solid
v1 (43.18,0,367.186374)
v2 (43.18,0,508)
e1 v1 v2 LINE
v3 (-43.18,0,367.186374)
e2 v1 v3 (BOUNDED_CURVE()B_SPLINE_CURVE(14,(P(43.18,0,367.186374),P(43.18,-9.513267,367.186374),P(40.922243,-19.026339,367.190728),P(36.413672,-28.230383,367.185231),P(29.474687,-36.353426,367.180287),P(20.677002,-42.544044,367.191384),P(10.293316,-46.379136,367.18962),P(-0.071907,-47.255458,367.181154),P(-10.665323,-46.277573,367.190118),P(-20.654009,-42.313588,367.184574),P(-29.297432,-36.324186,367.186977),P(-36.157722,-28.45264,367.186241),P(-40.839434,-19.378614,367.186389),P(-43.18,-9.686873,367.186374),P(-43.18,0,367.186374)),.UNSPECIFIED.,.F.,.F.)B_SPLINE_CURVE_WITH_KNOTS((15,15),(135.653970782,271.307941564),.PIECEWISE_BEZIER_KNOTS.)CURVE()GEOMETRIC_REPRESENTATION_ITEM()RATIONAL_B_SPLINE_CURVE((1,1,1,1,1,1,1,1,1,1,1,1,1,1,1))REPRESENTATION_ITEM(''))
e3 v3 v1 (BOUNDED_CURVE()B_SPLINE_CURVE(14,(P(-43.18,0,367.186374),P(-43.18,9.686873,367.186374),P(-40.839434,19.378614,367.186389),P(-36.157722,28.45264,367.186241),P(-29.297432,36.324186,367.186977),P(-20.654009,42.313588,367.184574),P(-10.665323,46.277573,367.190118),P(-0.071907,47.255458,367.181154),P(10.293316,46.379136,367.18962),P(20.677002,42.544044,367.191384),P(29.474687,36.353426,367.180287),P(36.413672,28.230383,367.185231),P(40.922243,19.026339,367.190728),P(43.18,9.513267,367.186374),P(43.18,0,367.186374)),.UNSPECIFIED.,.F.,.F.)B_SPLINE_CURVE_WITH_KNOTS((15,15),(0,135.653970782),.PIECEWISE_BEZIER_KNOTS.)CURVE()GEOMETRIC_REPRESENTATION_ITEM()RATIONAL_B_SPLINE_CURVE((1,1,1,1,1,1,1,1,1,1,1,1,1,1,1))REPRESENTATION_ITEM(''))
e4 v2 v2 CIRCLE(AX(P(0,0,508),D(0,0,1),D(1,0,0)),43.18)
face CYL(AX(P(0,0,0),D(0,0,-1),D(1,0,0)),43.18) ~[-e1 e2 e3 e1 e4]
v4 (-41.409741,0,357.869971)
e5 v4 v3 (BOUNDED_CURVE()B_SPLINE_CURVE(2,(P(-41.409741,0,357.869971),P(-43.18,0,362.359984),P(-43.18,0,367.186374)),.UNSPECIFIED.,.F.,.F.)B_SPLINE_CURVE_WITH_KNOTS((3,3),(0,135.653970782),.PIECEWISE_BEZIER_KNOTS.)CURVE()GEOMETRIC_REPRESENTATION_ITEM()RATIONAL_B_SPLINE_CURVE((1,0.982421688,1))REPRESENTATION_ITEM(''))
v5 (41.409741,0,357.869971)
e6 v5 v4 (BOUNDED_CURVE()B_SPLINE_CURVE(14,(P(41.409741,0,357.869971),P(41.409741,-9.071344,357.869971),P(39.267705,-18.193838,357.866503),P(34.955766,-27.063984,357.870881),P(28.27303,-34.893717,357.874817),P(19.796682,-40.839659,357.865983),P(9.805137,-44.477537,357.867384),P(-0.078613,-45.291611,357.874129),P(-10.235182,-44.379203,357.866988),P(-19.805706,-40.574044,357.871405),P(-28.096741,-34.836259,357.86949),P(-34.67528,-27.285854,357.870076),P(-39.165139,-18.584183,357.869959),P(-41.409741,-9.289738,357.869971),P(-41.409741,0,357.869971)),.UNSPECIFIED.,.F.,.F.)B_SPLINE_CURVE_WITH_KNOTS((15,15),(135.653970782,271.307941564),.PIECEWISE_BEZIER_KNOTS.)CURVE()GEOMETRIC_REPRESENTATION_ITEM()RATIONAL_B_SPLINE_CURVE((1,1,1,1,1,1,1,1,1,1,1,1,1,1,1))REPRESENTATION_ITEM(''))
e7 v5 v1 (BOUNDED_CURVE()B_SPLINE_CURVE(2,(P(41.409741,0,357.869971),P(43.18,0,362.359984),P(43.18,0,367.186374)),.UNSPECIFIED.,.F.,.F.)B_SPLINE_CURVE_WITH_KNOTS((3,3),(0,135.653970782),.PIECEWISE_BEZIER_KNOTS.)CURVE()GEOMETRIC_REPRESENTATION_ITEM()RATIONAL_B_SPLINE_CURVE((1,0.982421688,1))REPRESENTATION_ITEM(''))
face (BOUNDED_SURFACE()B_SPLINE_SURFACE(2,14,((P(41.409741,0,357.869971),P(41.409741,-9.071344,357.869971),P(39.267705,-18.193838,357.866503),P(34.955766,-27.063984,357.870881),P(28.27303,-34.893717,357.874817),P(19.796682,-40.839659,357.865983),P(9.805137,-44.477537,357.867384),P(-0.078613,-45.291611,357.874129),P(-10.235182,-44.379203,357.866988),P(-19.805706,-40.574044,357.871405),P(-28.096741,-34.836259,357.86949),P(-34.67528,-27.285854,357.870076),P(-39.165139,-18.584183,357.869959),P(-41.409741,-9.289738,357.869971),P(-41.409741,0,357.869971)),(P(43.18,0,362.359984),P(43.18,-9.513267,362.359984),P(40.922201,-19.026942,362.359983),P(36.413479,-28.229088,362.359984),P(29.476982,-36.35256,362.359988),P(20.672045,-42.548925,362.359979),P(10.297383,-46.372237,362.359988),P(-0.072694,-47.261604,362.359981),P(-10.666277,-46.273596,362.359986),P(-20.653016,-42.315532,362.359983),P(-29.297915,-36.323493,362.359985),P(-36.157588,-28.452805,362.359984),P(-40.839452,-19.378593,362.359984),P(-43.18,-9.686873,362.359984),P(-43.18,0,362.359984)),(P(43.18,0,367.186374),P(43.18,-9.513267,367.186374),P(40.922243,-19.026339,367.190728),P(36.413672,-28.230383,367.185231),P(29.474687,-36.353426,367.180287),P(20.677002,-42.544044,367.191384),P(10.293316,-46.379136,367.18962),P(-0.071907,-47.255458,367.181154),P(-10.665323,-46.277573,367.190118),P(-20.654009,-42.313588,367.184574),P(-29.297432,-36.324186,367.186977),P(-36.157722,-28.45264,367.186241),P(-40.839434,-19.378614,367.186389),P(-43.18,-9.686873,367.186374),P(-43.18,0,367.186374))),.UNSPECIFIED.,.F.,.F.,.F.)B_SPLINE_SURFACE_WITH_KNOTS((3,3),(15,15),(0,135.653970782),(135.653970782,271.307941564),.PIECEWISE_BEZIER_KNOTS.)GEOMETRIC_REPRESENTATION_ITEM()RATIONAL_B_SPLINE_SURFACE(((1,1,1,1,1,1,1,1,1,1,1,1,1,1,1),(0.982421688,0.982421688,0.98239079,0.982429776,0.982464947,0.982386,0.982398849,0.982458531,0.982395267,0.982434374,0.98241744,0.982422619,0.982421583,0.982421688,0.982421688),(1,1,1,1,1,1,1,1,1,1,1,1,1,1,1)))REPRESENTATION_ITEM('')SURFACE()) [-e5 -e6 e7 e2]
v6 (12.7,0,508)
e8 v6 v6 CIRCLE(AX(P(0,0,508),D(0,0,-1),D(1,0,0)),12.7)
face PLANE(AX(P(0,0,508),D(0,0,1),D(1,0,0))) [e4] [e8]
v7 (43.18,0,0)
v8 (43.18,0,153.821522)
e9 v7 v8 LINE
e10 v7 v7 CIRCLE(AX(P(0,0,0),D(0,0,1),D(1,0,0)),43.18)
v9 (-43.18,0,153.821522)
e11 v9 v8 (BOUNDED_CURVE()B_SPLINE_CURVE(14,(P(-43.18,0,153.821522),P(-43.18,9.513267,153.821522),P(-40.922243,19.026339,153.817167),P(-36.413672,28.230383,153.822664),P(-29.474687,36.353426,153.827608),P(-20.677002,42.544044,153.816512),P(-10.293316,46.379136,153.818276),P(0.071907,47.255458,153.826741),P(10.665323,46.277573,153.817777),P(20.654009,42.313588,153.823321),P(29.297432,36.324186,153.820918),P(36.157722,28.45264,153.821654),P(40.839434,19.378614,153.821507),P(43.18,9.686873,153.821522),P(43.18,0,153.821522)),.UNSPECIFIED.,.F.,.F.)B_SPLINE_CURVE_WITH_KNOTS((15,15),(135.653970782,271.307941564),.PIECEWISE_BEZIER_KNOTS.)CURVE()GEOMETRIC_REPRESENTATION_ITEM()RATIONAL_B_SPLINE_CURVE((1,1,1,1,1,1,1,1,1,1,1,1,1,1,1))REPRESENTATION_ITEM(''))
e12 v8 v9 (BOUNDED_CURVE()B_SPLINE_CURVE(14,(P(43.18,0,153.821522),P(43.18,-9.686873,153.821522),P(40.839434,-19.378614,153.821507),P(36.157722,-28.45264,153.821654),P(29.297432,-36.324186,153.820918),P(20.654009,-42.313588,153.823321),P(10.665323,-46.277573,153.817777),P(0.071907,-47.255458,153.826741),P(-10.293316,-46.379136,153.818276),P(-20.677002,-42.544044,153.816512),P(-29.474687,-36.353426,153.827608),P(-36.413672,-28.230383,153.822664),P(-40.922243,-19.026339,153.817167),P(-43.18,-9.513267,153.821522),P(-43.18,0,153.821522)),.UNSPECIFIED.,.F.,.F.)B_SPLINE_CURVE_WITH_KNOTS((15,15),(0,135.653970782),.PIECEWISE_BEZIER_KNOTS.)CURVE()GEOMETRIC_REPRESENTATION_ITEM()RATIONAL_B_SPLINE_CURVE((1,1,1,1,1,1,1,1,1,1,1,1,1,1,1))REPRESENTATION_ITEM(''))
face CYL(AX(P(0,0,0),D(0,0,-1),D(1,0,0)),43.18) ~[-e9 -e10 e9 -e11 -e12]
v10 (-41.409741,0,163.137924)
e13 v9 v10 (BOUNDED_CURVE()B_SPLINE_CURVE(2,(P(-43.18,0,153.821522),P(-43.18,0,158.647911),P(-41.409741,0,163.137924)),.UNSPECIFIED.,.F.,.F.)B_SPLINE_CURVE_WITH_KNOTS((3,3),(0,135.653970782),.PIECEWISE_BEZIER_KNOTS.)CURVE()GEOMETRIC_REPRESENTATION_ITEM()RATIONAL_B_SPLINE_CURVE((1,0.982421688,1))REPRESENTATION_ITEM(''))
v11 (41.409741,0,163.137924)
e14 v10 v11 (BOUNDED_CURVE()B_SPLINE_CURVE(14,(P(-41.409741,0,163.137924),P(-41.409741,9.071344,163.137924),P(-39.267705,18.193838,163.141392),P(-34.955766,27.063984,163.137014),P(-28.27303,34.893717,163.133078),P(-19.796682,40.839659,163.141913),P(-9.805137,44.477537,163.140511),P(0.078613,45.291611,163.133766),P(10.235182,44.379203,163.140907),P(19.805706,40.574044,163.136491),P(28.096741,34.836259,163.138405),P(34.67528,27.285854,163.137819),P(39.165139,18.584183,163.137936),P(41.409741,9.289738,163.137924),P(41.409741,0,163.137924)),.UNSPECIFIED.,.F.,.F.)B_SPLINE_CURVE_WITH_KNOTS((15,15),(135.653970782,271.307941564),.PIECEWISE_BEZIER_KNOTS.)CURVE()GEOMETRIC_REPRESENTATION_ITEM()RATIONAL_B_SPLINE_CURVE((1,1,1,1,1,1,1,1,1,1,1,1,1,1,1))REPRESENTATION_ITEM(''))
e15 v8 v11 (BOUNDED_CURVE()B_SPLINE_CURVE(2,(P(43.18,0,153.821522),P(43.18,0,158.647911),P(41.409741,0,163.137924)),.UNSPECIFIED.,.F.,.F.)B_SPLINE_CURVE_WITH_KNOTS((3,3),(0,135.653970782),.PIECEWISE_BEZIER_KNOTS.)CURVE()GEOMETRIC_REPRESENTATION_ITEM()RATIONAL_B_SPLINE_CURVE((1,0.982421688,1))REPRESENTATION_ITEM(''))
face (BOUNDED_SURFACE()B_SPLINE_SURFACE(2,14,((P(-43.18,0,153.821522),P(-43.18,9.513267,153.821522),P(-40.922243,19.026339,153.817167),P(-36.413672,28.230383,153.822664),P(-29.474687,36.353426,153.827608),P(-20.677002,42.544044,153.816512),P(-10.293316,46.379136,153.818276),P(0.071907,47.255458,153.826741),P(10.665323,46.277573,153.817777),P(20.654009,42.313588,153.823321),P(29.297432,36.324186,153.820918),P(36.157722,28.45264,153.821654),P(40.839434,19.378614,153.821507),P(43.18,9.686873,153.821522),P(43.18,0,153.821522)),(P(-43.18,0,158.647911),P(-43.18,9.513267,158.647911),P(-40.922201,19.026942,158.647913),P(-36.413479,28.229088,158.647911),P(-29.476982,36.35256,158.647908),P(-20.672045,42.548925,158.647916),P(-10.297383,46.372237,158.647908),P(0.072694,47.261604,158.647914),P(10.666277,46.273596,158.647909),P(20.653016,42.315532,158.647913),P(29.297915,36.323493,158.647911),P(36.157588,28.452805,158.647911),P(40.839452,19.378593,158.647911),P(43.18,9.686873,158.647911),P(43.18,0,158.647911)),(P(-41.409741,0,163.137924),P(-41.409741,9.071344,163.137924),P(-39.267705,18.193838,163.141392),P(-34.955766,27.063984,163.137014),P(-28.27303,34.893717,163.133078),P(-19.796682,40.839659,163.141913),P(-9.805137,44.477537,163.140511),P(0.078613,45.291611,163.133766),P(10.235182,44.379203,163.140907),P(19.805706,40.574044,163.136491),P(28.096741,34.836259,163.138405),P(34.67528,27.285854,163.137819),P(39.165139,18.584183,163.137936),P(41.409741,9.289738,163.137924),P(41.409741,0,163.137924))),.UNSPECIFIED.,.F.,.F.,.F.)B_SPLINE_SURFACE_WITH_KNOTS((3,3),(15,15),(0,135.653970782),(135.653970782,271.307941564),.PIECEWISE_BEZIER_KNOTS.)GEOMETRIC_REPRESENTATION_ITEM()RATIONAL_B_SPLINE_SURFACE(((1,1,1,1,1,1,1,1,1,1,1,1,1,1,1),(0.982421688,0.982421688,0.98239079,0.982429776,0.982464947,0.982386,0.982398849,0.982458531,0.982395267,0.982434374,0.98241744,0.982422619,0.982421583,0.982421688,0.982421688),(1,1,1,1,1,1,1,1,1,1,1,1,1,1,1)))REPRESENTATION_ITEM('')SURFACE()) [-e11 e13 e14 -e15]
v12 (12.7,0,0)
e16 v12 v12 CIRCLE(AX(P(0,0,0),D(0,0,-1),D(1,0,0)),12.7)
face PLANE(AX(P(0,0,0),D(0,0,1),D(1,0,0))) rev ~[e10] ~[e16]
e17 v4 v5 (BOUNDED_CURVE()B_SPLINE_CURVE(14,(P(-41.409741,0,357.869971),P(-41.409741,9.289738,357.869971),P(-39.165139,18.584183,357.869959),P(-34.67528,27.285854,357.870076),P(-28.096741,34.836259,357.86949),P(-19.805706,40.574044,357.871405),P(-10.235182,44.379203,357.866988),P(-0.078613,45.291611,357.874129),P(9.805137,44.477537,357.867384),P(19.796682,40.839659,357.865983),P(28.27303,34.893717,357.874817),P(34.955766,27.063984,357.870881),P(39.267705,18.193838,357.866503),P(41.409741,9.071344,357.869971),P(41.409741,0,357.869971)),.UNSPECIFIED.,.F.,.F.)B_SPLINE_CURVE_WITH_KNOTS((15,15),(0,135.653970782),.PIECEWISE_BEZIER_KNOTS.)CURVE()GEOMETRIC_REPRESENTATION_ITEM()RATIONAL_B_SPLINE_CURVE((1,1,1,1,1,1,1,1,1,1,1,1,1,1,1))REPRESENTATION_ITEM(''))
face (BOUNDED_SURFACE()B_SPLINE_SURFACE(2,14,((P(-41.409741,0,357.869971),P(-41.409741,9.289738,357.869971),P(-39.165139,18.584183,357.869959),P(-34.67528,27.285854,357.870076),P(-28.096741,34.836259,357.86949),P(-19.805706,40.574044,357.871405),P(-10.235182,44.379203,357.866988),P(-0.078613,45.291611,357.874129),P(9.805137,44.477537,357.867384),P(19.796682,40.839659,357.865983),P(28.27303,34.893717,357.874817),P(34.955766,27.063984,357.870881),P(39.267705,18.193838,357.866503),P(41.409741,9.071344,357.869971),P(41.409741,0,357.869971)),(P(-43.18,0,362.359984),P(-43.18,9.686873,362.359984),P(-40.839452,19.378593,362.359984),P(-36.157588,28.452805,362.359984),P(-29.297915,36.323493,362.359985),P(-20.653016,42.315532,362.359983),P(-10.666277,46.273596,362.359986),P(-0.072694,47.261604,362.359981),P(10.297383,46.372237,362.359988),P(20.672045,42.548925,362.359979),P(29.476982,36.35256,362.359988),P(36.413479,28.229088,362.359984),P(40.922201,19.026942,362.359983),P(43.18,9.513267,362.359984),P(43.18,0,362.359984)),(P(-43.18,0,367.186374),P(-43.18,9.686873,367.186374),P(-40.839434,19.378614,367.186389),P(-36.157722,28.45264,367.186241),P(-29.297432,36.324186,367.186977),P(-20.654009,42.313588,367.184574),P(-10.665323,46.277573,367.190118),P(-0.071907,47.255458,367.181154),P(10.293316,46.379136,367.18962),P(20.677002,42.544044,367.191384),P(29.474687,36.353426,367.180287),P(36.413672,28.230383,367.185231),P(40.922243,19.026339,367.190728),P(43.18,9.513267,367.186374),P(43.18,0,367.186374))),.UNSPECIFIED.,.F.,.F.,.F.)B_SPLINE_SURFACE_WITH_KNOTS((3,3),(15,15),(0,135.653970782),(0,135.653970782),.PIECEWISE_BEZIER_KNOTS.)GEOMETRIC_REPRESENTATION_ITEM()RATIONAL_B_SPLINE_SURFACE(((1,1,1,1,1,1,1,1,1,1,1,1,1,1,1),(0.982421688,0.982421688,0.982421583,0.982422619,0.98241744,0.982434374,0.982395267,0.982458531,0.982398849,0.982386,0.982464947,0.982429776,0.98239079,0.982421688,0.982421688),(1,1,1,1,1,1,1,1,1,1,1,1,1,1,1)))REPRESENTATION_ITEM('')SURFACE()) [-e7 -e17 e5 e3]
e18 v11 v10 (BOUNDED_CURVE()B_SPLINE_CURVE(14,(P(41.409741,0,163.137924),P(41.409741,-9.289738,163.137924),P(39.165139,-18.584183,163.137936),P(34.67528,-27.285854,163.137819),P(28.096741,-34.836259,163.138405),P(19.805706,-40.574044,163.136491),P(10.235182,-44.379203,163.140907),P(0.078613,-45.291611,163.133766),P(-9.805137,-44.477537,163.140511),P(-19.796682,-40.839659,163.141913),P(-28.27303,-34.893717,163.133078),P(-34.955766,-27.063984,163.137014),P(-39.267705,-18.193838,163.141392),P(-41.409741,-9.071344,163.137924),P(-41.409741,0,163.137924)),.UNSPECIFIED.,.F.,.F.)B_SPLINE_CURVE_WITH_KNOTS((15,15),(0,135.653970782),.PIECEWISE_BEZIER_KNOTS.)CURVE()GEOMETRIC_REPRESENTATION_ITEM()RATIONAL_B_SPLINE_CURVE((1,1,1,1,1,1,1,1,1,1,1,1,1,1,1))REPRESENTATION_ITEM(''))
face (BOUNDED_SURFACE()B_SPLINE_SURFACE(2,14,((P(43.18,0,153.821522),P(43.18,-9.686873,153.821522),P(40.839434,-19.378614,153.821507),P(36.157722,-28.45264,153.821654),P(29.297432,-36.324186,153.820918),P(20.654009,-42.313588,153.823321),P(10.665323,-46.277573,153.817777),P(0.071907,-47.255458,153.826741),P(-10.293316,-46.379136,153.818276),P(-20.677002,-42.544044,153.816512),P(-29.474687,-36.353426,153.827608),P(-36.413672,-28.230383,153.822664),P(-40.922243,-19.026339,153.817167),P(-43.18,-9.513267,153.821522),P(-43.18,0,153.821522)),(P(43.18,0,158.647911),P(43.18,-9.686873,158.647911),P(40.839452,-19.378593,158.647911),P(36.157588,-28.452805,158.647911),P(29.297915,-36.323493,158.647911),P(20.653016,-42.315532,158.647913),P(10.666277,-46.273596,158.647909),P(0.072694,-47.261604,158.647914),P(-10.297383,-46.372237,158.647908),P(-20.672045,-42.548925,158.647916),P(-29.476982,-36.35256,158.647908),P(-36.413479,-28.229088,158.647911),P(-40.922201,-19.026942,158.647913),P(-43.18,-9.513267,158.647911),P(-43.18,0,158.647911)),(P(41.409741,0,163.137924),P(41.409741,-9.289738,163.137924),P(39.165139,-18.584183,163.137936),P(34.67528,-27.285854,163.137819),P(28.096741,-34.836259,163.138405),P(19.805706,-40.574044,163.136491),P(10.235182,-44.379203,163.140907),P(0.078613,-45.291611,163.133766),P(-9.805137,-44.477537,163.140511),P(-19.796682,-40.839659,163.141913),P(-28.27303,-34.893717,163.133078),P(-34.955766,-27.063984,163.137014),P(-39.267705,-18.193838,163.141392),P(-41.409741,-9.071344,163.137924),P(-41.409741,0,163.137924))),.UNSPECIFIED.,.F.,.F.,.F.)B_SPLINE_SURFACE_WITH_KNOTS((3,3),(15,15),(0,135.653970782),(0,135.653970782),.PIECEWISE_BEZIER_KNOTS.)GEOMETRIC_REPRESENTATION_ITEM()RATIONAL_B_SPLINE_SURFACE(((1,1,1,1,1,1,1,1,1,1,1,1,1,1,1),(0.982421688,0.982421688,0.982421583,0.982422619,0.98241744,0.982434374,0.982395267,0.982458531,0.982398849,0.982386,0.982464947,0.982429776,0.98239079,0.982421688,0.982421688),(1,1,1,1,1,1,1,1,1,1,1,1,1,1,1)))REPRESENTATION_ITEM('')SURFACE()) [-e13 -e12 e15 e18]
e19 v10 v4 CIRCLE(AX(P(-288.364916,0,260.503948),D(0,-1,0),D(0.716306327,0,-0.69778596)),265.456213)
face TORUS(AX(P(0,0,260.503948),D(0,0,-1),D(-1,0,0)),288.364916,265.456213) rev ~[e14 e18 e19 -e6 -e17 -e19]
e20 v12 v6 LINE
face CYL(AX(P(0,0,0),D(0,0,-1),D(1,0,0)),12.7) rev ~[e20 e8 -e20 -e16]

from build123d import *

# Parameters (mm, degrees)
F0_R     = 43.18
F1_DEPTH = 508
F4_R     = 25.4
F5_R     = 12.7
F6_DEPTH = 508.001


with BuildPart() as f1:
    # F0 (on Top) → F1 (new body)
    with BuildSketch(Plane.XY):
        Circle(F0_R)
    extrude(amount=F1_DEPTH)

    # F2 (on Front) → F3 (revolve, cut)
    with BuildSketch(Plane.XZ):
        with BuildLine():
            Line((-384.330451, 258.428335), (-98.216951, 75.272329))
            ThreePointArc((-98.216951, 75.272329), (-22.933279, 256.891851), (-93.24689, 440.492717))
            Line((-93.24689, 440.492717), (-384.330451, 258.428335))
        make_face()
    revolve(axis=Axis((0, 0, 0), (0, 0, -1)), mode=Mode.SUBTRACT)

    # F4
    f4_edges = [f1.edges().sort_by_distance(p)[0] for p in [
        (0, -43.18, 158.762324),
        (0, 43.18, 158.762324),
        (-22.908703, 0, 260.503948),
        (0, 43.18, 362.245572),
        (0, -43.18, 362.245572),
    ]]
    fillet(f4_edges, radius=F4_R)

    # F5 (on face) → F6 (cut, through all)
    with BuildSketch(Plane(origin=(0, 0, 0), x_dir=(1, 0, 0), z_dir=(0, 0, -1))):
        Circle(F5_R)
    extrude(amount=-F6_DEPTH, mode=Mode.SUBTRACT)


solid = f1.part
